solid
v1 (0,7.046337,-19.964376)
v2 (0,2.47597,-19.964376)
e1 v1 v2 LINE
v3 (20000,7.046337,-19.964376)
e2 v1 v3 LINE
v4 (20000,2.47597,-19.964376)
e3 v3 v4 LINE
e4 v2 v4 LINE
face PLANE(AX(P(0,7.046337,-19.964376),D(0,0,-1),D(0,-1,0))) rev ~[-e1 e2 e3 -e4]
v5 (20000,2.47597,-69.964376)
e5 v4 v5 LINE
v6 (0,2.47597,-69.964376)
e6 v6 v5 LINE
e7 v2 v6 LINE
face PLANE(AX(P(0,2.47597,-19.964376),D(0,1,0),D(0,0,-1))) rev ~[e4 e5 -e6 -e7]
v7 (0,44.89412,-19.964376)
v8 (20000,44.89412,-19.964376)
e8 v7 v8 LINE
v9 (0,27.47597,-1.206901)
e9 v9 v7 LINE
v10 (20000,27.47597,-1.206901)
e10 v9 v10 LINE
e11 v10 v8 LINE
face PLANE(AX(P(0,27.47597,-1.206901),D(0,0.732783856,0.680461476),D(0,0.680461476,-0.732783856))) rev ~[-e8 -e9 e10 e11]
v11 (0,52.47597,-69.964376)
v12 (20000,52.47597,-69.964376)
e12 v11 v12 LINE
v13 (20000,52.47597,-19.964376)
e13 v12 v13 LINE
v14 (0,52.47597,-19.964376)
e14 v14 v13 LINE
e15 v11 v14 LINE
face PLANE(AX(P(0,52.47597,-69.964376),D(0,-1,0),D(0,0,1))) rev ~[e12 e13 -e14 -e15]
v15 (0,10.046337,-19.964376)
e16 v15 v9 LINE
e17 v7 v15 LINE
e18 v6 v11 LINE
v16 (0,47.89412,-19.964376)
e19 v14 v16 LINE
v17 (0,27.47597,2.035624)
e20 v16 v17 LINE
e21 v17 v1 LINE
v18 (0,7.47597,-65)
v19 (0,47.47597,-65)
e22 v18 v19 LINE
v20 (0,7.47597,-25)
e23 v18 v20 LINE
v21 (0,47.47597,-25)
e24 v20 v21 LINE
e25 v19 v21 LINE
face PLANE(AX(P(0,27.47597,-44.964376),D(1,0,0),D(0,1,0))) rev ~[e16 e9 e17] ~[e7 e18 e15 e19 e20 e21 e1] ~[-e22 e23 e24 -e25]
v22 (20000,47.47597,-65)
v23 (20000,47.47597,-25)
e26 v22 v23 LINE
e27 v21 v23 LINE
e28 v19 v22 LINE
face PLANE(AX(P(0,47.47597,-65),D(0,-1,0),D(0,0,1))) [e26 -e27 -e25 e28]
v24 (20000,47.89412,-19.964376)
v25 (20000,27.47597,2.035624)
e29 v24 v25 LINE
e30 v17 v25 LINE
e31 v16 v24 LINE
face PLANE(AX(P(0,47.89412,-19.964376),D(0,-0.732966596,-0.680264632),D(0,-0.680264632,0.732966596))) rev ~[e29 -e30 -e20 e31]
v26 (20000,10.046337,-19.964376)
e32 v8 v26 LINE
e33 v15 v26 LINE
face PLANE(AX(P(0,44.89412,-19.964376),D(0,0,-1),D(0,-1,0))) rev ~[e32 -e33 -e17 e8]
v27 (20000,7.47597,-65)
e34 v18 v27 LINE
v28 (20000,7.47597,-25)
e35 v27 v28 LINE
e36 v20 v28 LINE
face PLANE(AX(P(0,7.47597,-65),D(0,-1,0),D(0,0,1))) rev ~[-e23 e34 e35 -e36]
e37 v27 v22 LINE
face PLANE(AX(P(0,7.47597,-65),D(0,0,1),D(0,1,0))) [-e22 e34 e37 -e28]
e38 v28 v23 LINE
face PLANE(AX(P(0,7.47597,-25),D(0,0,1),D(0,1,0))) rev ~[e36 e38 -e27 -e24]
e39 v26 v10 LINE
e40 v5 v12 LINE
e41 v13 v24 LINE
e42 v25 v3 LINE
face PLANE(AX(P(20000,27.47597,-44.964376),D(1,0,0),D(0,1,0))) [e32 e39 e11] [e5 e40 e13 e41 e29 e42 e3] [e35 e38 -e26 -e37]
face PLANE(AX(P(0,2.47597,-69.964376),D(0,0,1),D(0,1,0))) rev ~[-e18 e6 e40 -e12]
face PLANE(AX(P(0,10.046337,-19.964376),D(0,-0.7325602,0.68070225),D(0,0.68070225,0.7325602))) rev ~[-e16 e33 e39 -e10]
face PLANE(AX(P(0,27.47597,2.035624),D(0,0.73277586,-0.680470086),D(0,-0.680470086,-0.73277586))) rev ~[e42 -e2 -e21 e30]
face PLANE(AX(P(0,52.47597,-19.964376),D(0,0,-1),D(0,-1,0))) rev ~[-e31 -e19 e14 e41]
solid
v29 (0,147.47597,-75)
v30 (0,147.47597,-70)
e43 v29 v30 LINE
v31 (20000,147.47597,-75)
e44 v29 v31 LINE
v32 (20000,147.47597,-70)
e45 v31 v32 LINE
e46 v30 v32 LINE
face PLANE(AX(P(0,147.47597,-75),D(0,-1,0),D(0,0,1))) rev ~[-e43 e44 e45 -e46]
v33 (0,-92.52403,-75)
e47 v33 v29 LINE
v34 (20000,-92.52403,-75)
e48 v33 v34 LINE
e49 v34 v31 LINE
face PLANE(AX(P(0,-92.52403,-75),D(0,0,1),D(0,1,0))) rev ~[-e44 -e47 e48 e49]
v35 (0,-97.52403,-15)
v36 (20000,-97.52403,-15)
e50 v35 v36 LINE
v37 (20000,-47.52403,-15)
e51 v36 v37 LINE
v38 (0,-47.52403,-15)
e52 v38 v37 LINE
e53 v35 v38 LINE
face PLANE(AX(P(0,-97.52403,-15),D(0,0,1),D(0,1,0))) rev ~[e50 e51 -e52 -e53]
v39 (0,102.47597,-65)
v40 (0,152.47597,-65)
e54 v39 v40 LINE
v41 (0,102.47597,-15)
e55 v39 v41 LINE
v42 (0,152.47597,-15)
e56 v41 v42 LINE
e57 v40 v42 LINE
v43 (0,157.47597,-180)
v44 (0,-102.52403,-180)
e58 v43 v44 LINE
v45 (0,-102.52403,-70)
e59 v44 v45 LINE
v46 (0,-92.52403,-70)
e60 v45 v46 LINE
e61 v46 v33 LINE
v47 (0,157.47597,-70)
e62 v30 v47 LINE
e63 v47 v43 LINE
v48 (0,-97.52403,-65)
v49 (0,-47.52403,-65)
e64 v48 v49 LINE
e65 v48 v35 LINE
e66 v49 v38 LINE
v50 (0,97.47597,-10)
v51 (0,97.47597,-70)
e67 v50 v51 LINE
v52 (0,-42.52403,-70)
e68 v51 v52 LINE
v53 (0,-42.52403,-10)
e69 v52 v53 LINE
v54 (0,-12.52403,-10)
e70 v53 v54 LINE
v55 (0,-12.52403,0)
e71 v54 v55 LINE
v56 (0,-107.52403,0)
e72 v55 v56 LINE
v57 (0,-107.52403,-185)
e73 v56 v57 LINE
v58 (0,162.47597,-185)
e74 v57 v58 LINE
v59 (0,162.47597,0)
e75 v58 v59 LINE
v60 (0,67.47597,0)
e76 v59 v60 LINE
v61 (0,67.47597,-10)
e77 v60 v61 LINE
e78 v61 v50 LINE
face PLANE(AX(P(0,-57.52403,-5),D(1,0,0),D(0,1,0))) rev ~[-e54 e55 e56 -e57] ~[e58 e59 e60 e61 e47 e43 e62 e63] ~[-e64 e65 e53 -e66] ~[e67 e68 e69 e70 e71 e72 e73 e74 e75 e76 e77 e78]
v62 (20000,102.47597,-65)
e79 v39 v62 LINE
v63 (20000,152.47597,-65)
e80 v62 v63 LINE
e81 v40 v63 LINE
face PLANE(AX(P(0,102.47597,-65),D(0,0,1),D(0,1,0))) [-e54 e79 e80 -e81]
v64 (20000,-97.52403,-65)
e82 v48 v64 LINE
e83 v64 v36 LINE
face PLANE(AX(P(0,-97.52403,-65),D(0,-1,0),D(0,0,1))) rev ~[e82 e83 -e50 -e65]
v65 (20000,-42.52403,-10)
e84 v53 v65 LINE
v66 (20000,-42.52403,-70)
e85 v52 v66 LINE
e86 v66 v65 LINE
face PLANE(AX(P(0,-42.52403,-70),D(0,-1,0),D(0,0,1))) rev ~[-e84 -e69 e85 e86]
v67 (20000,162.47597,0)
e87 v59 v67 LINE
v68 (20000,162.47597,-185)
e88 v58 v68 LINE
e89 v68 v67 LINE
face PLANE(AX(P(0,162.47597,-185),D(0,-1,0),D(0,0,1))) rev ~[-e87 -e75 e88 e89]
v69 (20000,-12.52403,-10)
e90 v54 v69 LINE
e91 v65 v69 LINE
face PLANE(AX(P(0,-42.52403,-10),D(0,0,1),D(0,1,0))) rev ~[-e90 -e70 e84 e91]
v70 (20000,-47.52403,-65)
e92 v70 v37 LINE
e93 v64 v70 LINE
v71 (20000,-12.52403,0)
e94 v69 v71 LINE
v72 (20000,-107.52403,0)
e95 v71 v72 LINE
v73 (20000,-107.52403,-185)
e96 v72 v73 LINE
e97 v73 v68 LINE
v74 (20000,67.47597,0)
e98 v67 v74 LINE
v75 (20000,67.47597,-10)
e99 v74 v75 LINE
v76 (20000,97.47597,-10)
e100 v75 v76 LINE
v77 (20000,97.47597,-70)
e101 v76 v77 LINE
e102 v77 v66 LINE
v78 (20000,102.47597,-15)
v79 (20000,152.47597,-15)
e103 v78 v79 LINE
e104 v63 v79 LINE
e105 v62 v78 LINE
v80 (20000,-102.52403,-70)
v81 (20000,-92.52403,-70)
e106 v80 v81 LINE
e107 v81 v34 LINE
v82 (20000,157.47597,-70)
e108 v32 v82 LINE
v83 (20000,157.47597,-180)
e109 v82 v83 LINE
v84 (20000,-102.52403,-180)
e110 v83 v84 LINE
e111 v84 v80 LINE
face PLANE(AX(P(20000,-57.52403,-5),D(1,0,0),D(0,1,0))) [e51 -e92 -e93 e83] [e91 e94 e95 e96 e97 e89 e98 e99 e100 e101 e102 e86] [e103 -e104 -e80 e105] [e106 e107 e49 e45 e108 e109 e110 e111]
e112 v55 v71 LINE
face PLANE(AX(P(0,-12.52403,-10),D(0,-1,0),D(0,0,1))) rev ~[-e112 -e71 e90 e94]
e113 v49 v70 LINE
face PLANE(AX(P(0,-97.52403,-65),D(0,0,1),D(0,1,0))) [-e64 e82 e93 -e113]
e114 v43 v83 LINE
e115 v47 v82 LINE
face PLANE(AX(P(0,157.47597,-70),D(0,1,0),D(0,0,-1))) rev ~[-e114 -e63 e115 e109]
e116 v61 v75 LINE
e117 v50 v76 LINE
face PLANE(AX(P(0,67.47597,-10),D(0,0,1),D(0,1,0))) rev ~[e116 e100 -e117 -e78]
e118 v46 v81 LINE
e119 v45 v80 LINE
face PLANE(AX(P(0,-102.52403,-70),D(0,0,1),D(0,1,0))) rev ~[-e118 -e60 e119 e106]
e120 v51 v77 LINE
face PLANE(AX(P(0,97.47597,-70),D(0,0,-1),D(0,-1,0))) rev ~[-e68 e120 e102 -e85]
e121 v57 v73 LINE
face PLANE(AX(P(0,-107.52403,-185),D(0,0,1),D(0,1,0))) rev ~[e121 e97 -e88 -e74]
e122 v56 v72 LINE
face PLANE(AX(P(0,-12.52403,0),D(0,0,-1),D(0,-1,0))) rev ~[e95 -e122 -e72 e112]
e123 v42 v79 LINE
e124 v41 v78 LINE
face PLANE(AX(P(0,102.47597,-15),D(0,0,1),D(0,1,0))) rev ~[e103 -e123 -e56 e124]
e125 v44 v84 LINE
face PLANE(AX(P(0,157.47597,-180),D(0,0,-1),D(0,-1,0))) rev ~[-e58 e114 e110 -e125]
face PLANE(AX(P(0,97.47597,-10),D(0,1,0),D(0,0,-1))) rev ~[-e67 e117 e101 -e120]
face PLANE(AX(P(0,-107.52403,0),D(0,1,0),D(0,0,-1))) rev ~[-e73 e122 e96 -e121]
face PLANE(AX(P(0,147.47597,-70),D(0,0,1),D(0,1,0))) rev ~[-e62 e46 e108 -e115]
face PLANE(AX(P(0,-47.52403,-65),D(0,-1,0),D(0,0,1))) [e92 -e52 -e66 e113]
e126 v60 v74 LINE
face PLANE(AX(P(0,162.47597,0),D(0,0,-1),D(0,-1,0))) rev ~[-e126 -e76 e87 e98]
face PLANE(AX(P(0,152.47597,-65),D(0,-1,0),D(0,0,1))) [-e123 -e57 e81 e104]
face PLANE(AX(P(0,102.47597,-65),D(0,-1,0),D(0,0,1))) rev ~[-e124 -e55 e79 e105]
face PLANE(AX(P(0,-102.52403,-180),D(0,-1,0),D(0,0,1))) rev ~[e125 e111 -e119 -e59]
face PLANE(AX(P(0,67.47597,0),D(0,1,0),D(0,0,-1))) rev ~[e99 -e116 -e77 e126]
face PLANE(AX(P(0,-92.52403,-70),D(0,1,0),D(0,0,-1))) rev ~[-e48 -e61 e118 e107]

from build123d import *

# Parameters (mm, degrees)
F0_W     = 50
F0_H     = 50
F0_W_2   = 40
F0_H_2   = 40
F1_DEPTH = 20000


with BuildPart() as f1:
    # F0 (on Right) → F1 (new body)
    with BuildSketch(Plane.YZ):
        Polygon((-12.52403, 0), (-102.52403, 0), (-102.52403, -10), (-42.52403, -10), (-12.52403, -10), align=None)
        Polygon((-92.52403, -70), (-42.52403, -70), (-42.52403, -10), (-102.52403, -10), (-102.52403, -15), (-102.52403, -70), align=None)
        with Locations((-72.52403, -40)):
            Rectangle(F0_W, F0_H, mode=Mode.SUBTRACT)
        Polygon((162.47597, 0), (157.47597, 0), (157.47597, -10), (157.47597, -15), (157.47597, -70), (157.47597, -180), (-102.52403, -180), (-102.52403, -70), (-102.52403, -15), (-102.52403, -10), (-102.52403, 0), (-107.52403, 0), (-107.52403, -185), (162.47597, -185), align=None)
        Polygon((147.47597, -70), (97.47597, -70), (7.47597, -70), (-42.52403, -70), (-92.52403, -70), (-92.52403, -75), (147.47597, -75), align=None)
        Polygon((2.47597, -19.964376), (2.47597, -69.964376), (52.47597, -69.964376), (52.47597, -19.964376), (47.89412, -19.964376), (44.89412, -19.964376), (10.046337, -19.964376), (7.046337, -19.964376), align=None)
        with Locations((27.47597, -45)):
            Rectangle(F0_W_2, F0_H_2, mode=Mode.SUBTRACT)
        Polygon((27.47597, 2.035624), (7.046337, -19.964376), (10.046337, -19.964376), (27.47597, -1.206901), (44.89412, -19.964376), (47.89412, -19.964376), align=None)
        Polygon((157.47597, -10), (157.47597, 0), (67.47597, 0), (67.47597, -10), (97.47597, -10), align=None)
        Polygon((157.47597, -15), (157.47597, -10), (97.47597, -10), (97.47597, -70), (147.47597, -70), (157.47597, -70), align=None)
        with Locations((127.47597, -40)):
            Rectangle(F0_W, F0_H, mode=Mode.SUBTRACT)
    extrude(amount=F1_DEPTH)


solid = f1.part
